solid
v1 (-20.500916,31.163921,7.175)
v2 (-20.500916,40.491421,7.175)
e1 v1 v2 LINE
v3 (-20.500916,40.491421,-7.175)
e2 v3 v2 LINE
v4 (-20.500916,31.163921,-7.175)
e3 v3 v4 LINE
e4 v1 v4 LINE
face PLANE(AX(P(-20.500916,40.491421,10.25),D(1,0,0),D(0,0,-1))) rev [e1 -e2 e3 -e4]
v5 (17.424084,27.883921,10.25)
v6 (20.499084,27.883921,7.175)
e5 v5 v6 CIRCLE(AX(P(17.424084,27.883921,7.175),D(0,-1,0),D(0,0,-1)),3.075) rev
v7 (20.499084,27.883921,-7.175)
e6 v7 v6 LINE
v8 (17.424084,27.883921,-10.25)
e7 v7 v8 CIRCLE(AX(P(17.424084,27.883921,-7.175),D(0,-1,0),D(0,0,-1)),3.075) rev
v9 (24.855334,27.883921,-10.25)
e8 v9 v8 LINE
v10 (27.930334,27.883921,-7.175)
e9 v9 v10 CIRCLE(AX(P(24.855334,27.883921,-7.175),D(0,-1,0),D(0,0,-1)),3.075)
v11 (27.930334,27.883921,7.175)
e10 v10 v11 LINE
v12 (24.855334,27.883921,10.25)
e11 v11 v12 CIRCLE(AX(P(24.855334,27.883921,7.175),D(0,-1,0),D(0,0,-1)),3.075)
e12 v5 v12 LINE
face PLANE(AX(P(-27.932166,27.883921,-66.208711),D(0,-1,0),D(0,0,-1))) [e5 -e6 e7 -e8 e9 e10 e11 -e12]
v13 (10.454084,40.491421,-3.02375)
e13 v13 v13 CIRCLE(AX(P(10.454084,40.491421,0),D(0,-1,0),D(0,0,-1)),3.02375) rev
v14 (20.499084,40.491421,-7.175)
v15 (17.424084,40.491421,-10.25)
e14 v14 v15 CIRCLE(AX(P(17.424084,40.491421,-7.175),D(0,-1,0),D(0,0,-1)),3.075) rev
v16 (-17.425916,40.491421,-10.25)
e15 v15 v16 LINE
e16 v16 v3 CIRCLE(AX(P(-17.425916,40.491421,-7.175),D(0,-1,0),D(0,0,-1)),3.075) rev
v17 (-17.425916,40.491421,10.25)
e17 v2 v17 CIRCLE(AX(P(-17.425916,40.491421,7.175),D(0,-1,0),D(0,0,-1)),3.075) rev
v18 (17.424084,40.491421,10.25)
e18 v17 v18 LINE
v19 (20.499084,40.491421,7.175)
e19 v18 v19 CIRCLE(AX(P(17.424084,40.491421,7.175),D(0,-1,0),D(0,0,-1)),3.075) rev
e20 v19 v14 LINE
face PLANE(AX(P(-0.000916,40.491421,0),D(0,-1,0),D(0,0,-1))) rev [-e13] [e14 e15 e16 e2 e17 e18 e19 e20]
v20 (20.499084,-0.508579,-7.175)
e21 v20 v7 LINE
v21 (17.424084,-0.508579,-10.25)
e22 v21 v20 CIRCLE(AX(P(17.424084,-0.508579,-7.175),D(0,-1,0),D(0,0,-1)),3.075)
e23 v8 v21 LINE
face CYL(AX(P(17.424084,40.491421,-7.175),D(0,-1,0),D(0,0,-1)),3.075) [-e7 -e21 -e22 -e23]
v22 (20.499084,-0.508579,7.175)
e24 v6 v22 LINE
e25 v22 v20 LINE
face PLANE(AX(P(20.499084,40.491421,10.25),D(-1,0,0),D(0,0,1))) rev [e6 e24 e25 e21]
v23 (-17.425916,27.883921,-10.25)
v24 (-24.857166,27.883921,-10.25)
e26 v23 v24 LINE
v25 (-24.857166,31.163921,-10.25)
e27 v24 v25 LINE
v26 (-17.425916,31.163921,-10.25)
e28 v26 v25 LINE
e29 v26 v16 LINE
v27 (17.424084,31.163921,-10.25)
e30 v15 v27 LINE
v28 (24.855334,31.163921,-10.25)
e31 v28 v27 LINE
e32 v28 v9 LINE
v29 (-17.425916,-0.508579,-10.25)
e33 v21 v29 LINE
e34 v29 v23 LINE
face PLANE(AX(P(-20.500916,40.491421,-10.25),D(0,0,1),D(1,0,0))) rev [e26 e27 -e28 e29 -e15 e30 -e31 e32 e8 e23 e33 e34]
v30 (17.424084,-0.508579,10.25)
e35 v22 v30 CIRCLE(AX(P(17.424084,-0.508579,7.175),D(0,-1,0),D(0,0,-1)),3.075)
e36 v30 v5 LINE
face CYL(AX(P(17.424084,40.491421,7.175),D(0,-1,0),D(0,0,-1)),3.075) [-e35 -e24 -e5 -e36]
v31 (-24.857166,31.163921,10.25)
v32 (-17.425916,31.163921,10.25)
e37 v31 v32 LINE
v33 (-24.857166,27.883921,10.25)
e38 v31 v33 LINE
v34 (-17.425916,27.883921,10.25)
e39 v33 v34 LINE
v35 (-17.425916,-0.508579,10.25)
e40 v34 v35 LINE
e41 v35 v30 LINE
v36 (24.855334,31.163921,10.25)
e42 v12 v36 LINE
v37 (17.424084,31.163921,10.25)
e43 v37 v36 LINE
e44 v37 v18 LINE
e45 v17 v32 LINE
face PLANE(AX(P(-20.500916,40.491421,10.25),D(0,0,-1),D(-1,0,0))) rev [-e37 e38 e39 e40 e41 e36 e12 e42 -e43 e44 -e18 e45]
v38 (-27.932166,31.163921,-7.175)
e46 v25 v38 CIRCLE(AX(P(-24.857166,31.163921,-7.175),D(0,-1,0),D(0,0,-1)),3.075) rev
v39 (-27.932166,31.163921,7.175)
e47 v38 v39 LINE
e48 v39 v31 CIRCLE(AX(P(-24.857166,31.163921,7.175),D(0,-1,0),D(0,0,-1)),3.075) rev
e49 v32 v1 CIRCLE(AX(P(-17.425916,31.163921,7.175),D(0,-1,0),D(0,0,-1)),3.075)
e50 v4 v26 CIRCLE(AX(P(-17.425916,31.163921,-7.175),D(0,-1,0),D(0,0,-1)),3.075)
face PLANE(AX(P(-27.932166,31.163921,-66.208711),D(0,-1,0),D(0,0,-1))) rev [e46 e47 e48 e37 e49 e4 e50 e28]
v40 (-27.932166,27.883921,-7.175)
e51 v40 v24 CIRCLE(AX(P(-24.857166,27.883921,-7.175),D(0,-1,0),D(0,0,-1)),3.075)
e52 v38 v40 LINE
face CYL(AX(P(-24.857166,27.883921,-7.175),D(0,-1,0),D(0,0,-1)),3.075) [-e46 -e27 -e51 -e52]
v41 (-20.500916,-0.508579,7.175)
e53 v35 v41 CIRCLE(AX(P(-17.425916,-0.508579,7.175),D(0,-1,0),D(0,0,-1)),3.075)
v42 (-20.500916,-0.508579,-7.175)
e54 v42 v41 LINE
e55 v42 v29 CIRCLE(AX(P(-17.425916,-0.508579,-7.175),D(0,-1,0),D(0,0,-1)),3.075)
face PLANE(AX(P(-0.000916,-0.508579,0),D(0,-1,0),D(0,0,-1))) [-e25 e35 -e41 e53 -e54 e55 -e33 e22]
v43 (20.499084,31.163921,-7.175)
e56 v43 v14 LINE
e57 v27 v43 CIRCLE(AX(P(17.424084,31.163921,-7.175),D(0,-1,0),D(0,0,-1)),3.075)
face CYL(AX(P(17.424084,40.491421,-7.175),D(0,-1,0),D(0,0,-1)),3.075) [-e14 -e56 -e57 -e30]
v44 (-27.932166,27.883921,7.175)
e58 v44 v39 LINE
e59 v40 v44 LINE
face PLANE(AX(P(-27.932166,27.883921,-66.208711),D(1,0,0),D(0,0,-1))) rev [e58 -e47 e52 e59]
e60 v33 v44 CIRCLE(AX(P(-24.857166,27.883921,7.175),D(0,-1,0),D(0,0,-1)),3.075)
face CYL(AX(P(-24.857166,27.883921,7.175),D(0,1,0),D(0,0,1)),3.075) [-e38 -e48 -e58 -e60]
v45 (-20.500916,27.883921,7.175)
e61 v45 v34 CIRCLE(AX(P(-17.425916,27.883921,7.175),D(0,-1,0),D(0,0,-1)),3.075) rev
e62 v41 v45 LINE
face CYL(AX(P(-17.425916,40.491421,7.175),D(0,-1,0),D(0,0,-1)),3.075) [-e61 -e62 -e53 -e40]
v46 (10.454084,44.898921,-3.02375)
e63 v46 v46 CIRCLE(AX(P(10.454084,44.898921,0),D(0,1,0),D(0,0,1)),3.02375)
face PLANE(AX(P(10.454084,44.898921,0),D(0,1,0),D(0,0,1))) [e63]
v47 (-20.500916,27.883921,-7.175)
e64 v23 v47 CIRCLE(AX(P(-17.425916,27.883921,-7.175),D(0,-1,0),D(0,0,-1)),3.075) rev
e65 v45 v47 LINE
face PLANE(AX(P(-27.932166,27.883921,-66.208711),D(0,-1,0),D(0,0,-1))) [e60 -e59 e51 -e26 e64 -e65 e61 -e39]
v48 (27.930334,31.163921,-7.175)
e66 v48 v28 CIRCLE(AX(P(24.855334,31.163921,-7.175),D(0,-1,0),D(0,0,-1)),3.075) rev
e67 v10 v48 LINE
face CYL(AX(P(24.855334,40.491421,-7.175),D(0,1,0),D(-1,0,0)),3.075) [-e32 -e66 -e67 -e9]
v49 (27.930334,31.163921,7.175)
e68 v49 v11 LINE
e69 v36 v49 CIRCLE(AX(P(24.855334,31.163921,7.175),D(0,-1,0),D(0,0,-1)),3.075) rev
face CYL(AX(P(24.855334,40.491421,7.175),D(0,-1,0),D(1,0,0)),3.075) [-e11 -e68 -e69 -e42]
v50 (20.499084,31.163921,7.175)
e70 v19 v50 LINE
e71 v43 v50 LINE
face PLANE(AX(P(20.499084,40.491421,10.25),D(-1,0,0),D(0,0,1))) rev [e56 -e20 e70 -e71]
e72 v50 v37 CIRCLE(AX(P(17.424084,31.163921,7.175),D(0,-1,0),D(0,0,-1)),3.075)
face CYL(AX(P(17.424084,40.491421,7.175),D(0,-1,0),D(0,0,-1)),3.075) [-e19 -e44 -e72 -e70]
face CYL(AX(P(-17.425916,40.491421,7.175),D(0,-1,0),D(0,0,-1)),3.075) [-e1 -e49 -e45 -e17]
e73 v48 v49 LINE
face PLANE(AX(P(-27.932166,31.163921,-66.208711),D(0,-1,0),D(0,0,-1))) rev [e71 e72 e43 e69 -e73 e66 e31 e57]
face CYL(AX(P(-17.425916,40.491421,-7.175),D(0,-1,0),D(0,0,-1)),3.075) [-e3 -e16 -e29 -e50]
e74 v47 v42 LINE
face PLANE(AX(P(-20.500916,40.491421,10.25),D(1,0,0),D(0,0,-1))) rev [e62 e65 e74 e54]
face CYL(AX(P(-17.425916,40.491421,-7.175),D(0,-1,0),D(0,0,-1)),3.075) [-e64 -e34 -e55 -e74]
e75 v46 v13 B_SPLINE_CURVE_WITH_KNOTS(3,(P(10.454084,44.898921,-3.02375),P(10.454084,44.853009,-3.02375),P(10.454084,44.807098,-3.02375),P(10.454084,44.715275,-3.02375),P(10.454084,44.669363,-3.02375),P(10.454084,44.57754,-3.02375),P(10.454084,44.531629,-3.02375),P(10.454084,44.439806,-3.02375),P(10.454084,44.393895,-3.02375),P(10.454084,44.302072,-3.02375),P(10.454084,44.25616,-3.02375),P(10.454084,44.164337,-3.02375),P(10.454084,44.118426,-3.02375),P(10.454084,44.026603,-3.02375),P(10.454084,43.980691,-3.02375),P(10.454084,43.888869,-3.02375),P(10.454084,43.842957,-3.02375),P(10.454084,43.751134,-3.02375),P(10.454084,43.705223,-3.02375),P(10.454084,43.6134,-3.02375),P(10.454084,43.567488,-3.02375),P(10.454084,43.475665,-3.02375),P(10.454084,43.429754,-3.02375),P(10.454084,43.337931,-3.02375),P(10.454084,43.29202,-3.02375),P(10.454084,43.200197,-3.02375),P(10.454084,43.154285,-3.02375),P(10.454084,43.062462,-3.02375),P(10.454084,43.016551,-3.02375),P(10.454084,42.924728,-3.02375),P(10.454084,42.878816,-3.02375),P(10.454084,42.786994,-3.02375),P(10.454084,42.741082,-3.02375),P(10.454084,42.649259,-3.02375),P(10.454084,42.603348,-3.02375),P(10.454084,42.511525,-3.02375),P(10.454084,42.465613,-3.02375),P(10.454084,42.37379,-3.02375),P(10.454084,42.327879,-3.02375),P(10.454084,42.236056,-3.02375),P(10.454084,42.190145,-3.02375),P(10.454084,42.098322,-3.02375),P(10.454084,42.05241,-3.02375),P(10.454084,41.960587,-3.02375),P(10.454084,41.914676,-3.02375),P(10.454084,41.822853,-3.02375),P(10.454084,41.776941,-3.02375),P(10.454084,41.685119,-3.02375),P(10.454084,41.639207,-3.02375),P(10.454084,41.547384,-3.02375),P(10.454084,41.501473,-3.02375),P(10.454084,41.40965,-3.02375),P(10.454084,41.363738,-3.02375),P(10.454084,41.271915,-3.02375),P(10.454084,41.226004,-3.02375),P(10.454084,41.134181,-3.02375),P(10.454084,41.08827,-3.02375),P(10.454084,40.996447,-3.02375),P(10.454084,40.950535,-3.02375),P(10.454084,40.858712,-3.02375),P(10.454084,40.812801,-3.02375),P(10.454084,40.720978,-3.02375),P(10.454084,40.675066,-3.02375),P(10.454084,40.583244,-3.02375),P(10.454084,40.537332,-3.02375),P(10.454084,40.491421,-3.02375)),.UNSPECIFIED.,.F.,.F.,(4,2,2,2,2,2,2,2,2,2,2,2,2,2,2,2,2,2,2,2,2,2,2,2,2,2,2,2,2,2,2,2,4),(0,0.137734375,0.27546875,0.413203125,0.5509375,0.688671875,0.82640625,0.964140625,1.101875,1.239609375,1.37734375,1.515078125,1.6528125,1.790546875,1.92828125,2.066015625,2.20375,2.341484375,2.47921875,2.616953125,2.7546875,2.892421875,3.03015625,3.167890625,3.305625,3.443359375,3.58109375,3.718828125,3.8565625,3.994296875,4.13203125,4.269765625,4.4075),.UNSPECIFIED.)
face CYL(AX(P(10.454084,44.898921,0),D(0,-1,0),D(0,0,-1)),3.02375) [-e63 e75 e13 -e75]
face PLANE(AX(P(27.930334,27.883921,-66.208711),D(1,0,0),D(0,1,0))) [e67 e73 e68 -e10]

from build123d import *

# Parameters (mm, degrees)
SKETCH1_W           = 40
SKETCH1_H           = 20
BOSS_EXTRUDE1_DEPTH = 40
SKETCH2_W           = 54.5
SKETCH2_H           = 3.2
BOSS_EXTRUDE2_DEPTH = 20
FILLET1_R           = 3
SKETCH3_R           = 2.95
BOSS_EXTRUDE3_DEPTH = 4.3
SCALE1_SCALE        = 1.025


with BuildPart() as part:
    # Sketch1 → Boss-Extrude1 (new body)
    with BuildSketch(Plane(origin=(0, 0, 0), x_dir=(1, 0, 0), z_dir=(0, 1, 0))):
        Rectangle(SKETCH1_W, SKETCH1_H)
    extrude(amount=BOSS_EXTRUDE1_DEPTH)

    # Sketch2 → Boss-Extrude2 (add)
    with BuildSketch(Plane.XY.offset(10)):
        with Locations((0, 29.3)):
            Rectangle(SKETCH2_W, SKETCH2_H)
    extrude(amount=-BOSS_EXTRUDE2_DEPTH)

    # Fillet1
    fillet1_edges = [part.edges().sort_by_distance(p)[0] for p in [
        (20, 13.85, 10),
        (-20, 13.85, 10),
        (-20, 13.85, -10),
        (20, 13.85, -10),
        (27.25, 29.3, 10),
        (27.25, 29.3, -10),
        (-27.25, 29.3, -10),
        (-27.25, 29.3, 10),
        (20, 35.45, 10),
        (-20, 35.45, 10),
        (-20, 35.45, -10),
        (20, 35.45, -10),
    ]]
    fillet(fillet1_edges, radius=FILLET1_R)

    # Sketch3 → Boss-Extrude3 (add)
    with BuildSketch(Plane(origin=(0, 40, 0), x_dir=(1, 0, 0), z_dir=(0, 1, 0))):
        with Locations(Location((10.2, 0, 0), (0, 0, 90))):
            Circle(SKETCH3_R)
    extrude(amount=BOSS_EXTRUDE3_DEPTH)


with BuildPart() as part_1:
    # Scale1: scaled about (0.036629402, 20.343175324, 0)
    add(part.part.scale(SCALE1_SCALE).moved(Location((-0.000915735, -0.508579383, 0))))


solid = part_1.part
